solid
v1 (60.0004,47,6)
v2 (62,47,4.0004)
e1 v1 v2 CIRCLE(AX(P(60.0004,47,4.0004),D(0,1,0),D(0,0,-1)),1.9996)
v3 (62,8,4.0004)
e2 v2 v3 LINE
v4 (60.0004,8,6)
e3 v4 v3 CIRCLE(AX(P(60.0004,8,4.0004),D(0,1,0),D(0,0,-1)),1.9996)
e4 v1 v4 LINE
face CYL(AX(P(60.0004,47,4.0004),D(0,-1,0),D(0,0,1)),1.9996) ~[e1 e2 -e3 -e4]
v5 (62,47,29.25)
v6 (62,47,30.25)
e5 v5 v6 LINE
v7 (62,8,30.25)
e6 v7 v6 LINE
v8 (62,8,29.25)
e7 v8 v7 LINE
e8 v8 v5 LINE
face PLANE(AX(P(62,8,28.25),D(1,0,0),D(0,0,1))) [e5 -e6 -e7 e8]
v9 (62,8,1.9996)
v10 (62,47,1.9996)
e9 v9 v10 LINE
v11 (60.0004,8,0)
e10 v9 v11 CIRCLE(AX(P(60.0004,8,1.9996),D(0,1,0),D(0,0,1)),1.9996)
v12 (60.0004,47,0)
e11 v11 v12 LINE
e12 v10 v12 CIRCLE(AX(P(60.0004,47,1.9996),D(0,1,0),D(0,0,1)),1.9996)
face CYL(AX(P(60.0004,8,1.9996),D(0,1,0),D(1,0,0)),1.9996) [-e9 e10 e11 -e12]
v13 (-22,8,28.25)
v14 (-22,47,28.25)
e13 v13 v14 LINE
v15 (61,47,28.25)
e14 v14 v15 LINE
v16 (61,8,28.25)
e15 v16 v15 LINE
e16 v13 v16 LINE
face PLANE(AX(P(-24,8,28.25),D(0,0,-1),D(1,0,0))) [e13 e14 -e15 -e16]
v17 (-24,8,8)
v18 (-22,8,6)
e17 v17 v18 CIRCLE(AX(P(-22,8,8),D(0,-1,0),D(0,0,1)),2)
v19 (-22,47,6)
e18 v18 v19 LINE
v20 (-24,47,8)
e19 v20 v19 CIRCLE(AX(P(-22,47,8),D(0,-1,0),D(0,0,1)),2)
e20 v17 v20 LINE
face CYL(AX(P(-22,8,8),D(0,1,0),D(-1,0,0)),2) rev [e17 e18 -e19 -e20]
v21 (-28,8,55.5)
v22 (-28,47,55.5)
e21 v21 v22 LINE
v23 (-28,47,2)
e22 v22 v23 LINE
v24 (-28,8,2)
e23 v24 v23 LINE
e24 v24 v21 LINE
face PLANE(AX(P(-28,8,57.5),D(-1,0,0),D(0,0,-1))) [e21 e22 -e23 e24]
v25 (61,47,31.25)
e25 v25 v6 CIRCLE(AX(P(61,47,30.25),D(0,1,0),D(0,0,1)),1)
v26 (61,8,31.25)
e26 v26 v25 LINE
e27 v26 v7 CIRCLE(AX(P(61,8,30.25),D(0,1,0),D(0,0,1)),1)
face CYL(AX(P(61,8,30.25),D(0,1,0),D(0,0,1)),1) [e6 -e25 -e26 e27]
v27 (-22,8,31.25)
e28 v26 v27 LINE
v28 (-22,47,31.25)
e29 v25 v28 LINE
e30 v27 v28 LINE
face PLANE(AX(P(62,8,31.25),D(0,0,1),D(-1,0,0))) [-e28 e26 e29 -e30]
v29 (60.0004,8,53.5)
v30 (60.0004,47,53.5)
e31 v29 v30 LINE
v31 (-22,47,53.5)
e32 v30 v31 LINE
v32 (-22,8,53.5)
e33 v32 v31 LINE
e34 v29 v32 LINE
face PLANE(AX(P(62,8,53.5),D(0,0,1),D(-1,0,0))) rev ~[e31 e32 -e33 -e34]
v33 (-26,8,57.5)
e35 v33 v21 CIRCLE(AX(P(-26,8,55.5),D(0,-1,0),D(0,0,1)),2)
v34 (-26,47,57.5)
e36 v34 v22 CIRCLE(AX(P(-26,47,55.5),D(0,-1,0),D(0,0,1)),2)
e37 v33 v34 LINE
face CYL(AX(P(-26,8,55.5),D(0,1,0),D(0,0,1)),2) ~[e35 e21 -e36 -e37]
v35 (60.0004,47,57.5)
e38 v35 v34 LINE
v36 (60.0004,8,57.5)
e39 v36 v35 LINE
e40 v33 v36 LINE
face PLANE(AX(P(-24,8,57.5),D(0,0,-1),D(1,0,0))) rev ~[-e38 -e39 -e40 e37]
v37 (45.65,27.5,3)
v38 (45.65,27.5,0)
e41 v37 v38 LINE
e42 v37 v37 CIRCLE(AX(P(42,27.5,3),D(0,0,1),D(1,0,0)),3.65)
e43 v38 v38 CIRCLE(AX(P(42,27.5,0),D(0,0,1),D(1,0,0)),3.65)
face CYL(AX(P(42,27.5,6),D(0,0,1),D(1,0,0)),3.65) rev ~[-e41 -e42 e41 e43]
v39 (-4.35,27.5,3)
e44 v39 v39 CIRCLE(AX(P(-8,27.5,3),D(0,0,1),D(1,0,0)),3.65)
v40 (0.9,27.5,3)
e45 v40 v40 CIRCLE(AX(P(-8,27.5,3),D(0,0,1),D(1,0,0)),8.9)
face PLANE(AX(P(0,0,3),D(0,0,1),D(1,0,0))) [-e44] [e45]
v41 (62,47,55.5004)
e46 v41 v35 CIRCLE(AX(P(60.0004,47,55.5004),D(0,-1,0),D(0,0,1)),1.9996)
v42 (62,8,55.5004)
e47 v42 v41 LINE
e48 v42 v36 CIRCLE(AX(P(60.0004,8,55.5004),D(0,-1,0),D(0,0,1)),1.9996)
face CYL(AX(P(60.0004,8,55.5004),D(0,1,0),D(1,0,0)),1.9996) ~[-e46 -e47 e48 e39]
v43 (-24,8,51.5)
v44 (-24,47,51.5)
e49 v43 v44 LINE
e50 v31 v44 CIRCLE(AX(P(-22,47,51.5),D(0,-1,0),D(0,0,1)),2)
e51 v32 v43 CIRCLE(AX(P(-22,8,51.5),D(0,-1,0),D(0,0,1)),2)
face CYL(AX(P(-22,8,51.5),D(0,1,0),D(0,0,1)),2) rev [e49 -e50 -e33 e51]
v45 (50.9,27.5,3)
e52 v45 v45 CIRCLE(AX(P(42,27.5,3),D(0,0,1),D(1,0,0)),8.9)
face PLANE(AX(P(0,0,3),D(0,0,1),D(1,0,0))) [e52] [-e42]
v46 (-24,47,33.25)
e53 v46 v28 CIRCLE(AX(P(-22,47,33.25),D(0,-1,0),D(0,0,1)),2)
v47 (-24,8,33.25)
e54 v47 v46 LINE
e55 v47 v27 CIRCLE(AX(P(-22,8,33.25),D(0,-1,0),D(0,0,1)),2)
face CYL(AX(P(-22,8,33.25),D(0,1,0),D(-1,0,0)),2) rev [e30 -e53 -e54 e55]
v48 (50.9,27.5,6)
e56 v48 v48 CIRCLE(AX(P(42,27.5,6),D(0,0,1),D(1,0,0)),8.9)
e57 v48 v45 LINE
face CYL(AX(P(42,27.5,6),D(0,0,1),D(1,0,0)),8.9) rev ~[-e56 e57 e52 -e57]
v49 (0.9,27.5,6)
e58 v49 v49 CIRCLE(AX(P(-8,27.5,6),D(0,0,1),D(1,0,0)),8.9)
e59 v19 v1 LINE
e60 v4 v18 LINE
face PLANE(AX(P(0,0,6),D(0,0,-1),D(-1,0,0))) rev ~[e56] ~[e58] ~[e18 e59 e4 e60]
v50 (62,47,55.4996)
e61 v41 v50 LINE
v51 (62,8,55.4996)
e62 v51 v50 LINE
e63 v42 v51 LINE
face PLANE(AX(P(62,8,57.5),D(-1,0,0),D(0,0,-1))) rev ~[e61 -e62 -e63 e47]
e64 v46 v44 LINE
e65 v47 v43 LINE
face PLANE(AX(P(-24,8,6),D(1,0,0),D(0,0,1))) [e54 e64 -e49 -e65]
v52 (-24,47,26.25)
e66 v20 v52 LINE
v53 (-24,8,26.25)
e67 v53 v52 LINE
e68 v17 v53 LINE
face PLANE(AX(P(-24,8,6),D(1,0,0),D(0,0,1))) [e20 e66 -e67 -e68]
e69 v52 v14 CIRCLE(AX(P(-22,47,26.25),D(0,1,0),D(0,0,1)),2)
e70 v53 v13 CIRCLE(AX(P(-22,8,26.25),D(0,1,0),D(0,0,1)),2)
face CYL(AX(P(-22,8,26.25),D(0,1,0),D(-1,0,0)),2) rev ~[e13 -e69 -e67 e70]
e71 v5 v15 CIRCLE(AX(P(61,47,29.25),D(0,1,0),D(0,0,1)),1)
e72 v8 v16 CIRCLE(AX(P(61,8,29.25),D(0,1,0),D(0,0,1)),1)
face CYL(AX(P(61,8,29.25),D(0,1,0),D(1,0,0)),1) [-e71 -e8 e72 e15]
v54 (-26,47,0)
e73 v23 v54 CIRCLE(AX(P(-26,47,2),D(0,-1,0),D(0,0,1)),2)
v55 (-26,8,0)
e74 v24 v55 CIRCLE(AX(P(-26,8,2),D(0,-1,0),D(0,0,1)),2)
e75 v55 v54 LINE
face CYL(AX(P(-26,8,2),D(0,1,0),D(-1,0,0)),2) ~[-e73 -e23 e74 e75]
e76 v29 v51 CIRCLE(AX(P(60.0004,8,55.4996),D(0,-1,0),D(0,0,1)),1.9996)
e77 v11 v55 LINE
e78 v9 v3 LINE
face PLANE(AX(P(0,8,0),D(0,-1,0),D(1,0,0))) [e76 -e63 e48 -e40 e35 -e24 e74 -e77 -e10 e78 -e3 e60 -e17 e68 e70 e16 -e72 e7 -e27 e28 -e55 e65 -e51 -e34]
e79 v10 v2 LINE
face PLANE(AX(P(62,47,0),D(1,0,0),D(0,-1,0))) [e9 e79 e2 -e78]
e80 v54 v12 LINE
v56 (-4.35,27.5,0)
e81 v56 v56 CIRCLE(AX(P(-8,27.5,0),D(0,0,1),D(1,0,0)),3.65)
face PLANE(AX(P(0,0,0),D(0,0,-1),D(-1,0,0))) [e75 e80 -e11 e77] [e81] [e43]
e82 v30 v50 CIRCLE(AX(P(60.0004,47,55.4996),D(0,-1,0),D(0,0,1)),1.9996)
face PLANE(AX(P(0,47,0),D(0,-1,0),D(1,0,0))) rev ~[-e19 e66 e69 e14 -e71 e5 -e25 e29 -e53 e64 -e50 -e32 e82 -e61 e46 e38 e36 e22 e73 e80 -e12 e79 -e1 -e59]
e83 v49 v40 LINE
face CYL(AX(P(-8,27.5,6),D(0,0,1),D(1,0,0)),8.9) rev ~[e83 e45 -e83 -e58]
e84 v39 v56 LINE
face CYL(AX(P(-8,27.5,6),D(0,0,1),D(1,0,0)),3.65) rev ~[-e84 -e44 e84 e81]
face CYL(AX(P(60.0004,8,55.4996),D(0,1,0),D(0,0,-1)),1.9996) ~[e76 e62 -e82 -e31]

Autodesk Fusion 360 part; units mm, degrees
sketch "Sketch1" plane through (0, 0, 0) normal (0, 0, 1) x (1, 0, 0)
  line L0 (-28, 37) -> (62, 37)
  line L1 (62, 37) -> (62, 18)
  line L2 (62, 18) -> (-28, 18)
  line L3 (-28, 18) -> (-28, 37)
  dimension "d1" = 90
  dimension "d2" = 19
extrude "Extrude1" add sketch "Sketch1" along normal blind 6
sketch "Sketch2" plane through (0, 0, 6) normal (0, 0, 1) x (-1, 0, 0)
  line L0 (28, -37) -> (28, -18)
  line L1 (28, -18) -> (-62, -18)
  line L2 (-62, -18) -> (-62, -37)
  line L3 (-62, -37) -> (28, -37)
ref_plane "WorkPlane1" through (17, 27.5, 6) normal (0, 0, 1) x (-1, 0, 0)
sketch "Sketch3" plane through (0, 0, 6) normal (0, 0, 1) x (1, 0, 0)
  line L0 (17, 37) -> (17, 18)
  circle A0 centre (-8, 27.5) radius 8.9
  circle A1 centre (42, 27.5) radius 8.9
  circle A2 centre (-8, 27.5) radius 3.65
  circle A3 centre (42, 27.5) radius 3.65
  dimension "d13" = 17.8
  dimension "d14" = 17.8
  dimension "d15" = 7.3
  dimension "d16" = 7.3
extrude "Extrude2" cut sketch "Sketch3" against normal blind 7 contours A2 | A3
extrude "Extrude3" cut sketch "Sketch3" against normal blind 3
sketch "Sketch7" plane through (0, 0, 0) normal (0, 0, -1) x (1, 0, 0)
  circle A0 centre (42, -27.5) radius 3.65
  circle A1 centre (-8, -27.5) radius 3.65
  line L0 (62, -18) -> (-28, -18)
  line L1 (-28, -18) -> (-28, -37)
  line L2 (-28, -37) -> (62, -37)
  line L3 (62, -37) -> (62, -18)
  line L4 (-28, -18) -> (62, -18)
  line L5 (62, -18) -> (62, -8)
  line L6 (62, -8) -> (-28, -8)
  line L7 (-28, -8) -> (-28, -18)
  dimension "d37" = 10
  dimension "d38" = 90
extrude "Extrude7" add sketch "Sketch7" against normal blind 6 contours L0 L4 L5 L6 L7
sketch "Sketch8" plane through (-28, 0, 0) normal (-1, 0, 0) x (0, -1, 0)
  line L0 (-37, 0) -> (-8, 0)
  line L1 (-8, 0) -> (-8, 6)
  line L2 (-8, 6) -> (-37, 6)
  line L3 (-37, 6) -> (-37, 0)
ref_plane "WorkPlane3" through (17, 22.5, 0) normal (0, 0, -1) x (-1, 0, 0)
sketch "Sketch9" plane through (0, 0, 0) normal (0, 0, -1) x (-1, 0, 0)
  line L0 (-62, 37) -> (28, 37)
  line L1 (28, 37) -> (28, 47)
  line L2 (28, 47) -> (-62, 47)
  line L3 (-62, 47) -> (-62, 37)
  dimension "d42" = 90
  dimension "d43" = 10
extrude "Extrude8" add sketch "Sketch9" against normal blind 6
ref_plane "WorkPlane4" through (17, 8, 3) normal (0, -1, 0) x (1, 0, 0)
sketch "Sketch10" plane through (0, 8, 0) normal (0, -1, 0) x (-1, 0, 0)
  line L0 (28, -6) -> (24, -6)
  line L1 (24, -6) -> (24, -57.5)
  line L2 (24, -57.5) -> (28, -57.5)
  line L3 (28, -57.5) -> (28, -6)
  dimension "d47" = 4
  dimension "d48" = 51.5
extrude "Extrude9" add sketch "Sketch10" against normal blind 39
sketch "Sketch11" plane through (0, 8, 0) normal (0, -1, 0) x (1, 0, 0)
  line L0 (-28, 0) -> (62, 0)
  line L1 (62, 0) -> (62, 6)
  line L2 (62, 6) -> (-24, 6)
  line L3 (-24, 6) -> (-24, 57.5)
  line L4 (-24, 57.5) -> (-28, 57.5)
  line L5 (-28, 57.5) -> (-28, 0)
  line L6 (-28, 57.5) -> (62, 57.5)
  line L7 (62, 57.5) -> (62, 53.5)
  line L8 (62, 53.5) -> (-28, 53.5)
  line L9 (-28, 53.5) -> (-28, 57.5)
  dimension "d51" = 90
  dimension "d52" = 4
extrude "Extrude10" add sketch "Sketch11" against normal blind 39 contours L3 L6 L7 L8
sketch "Sketch12" plane through (0, 8, 0) normal (0, -1, 0) x (1, 0, 0)
  line L0 (-28, 0) -> (62, 0)
  line L1 (62, 0) -> (62, 6)
  line L2 (62, 6) -> (-24, 6)
  line L3 (-24, 6) -> (-24, 53.5)
  line L4 (-24, 53.5) -> (62, 53.5)
  line L5 (62, 53.5) -> (62, 57.5)
  line L6 (62, 57.5) -> (-28, 57.5)
  line L7 (-28, 57.5) -> (-28, 0)
  circle A0 centre (-24, 6) radius 22.25
  line L8 (-24, 28.25) -> (62, 28.25)
  line L9 (62, 28.25) -> (62, 31.25)
  line L10 (62, 31.25) -> (-24, 31.25)
  line L11 (-24, 31.25) -> (-24, 28.25)
  dimension "d55" = 44.5
  dimension "d56" = 86
  dimension "d57" = 3
extrude "Extrude11" add sketch "Sketch12" against normal blind 39 contours L3 L8 L9 L10 L11
fillet "Fillet3" radius 2 1 edges at (-28, 27.5, 57.5)
fillet "Fillet4" radius 2 1 edges at (-28, 27.5, 0)
fillet "Fillet5" radius 2 2 edges at (-24, 27.5, 53.5) (-24, 27.5, 28.25)
fillet "Fillet6" radius 2 2 edges at (-24, 27.5, 31.25) (-24, 27.5, 6)
fillet "Fillet7" radius 1 2 edges at (62, 27.5, 31.25) (62, 27.5, 28.25)
fillet "Fillet8" radius 2 4 edges at (62, 27.5, 57.5) (62, 27.5, 53.5) (62, 27.5, 6) (62, 27.5, 0)
